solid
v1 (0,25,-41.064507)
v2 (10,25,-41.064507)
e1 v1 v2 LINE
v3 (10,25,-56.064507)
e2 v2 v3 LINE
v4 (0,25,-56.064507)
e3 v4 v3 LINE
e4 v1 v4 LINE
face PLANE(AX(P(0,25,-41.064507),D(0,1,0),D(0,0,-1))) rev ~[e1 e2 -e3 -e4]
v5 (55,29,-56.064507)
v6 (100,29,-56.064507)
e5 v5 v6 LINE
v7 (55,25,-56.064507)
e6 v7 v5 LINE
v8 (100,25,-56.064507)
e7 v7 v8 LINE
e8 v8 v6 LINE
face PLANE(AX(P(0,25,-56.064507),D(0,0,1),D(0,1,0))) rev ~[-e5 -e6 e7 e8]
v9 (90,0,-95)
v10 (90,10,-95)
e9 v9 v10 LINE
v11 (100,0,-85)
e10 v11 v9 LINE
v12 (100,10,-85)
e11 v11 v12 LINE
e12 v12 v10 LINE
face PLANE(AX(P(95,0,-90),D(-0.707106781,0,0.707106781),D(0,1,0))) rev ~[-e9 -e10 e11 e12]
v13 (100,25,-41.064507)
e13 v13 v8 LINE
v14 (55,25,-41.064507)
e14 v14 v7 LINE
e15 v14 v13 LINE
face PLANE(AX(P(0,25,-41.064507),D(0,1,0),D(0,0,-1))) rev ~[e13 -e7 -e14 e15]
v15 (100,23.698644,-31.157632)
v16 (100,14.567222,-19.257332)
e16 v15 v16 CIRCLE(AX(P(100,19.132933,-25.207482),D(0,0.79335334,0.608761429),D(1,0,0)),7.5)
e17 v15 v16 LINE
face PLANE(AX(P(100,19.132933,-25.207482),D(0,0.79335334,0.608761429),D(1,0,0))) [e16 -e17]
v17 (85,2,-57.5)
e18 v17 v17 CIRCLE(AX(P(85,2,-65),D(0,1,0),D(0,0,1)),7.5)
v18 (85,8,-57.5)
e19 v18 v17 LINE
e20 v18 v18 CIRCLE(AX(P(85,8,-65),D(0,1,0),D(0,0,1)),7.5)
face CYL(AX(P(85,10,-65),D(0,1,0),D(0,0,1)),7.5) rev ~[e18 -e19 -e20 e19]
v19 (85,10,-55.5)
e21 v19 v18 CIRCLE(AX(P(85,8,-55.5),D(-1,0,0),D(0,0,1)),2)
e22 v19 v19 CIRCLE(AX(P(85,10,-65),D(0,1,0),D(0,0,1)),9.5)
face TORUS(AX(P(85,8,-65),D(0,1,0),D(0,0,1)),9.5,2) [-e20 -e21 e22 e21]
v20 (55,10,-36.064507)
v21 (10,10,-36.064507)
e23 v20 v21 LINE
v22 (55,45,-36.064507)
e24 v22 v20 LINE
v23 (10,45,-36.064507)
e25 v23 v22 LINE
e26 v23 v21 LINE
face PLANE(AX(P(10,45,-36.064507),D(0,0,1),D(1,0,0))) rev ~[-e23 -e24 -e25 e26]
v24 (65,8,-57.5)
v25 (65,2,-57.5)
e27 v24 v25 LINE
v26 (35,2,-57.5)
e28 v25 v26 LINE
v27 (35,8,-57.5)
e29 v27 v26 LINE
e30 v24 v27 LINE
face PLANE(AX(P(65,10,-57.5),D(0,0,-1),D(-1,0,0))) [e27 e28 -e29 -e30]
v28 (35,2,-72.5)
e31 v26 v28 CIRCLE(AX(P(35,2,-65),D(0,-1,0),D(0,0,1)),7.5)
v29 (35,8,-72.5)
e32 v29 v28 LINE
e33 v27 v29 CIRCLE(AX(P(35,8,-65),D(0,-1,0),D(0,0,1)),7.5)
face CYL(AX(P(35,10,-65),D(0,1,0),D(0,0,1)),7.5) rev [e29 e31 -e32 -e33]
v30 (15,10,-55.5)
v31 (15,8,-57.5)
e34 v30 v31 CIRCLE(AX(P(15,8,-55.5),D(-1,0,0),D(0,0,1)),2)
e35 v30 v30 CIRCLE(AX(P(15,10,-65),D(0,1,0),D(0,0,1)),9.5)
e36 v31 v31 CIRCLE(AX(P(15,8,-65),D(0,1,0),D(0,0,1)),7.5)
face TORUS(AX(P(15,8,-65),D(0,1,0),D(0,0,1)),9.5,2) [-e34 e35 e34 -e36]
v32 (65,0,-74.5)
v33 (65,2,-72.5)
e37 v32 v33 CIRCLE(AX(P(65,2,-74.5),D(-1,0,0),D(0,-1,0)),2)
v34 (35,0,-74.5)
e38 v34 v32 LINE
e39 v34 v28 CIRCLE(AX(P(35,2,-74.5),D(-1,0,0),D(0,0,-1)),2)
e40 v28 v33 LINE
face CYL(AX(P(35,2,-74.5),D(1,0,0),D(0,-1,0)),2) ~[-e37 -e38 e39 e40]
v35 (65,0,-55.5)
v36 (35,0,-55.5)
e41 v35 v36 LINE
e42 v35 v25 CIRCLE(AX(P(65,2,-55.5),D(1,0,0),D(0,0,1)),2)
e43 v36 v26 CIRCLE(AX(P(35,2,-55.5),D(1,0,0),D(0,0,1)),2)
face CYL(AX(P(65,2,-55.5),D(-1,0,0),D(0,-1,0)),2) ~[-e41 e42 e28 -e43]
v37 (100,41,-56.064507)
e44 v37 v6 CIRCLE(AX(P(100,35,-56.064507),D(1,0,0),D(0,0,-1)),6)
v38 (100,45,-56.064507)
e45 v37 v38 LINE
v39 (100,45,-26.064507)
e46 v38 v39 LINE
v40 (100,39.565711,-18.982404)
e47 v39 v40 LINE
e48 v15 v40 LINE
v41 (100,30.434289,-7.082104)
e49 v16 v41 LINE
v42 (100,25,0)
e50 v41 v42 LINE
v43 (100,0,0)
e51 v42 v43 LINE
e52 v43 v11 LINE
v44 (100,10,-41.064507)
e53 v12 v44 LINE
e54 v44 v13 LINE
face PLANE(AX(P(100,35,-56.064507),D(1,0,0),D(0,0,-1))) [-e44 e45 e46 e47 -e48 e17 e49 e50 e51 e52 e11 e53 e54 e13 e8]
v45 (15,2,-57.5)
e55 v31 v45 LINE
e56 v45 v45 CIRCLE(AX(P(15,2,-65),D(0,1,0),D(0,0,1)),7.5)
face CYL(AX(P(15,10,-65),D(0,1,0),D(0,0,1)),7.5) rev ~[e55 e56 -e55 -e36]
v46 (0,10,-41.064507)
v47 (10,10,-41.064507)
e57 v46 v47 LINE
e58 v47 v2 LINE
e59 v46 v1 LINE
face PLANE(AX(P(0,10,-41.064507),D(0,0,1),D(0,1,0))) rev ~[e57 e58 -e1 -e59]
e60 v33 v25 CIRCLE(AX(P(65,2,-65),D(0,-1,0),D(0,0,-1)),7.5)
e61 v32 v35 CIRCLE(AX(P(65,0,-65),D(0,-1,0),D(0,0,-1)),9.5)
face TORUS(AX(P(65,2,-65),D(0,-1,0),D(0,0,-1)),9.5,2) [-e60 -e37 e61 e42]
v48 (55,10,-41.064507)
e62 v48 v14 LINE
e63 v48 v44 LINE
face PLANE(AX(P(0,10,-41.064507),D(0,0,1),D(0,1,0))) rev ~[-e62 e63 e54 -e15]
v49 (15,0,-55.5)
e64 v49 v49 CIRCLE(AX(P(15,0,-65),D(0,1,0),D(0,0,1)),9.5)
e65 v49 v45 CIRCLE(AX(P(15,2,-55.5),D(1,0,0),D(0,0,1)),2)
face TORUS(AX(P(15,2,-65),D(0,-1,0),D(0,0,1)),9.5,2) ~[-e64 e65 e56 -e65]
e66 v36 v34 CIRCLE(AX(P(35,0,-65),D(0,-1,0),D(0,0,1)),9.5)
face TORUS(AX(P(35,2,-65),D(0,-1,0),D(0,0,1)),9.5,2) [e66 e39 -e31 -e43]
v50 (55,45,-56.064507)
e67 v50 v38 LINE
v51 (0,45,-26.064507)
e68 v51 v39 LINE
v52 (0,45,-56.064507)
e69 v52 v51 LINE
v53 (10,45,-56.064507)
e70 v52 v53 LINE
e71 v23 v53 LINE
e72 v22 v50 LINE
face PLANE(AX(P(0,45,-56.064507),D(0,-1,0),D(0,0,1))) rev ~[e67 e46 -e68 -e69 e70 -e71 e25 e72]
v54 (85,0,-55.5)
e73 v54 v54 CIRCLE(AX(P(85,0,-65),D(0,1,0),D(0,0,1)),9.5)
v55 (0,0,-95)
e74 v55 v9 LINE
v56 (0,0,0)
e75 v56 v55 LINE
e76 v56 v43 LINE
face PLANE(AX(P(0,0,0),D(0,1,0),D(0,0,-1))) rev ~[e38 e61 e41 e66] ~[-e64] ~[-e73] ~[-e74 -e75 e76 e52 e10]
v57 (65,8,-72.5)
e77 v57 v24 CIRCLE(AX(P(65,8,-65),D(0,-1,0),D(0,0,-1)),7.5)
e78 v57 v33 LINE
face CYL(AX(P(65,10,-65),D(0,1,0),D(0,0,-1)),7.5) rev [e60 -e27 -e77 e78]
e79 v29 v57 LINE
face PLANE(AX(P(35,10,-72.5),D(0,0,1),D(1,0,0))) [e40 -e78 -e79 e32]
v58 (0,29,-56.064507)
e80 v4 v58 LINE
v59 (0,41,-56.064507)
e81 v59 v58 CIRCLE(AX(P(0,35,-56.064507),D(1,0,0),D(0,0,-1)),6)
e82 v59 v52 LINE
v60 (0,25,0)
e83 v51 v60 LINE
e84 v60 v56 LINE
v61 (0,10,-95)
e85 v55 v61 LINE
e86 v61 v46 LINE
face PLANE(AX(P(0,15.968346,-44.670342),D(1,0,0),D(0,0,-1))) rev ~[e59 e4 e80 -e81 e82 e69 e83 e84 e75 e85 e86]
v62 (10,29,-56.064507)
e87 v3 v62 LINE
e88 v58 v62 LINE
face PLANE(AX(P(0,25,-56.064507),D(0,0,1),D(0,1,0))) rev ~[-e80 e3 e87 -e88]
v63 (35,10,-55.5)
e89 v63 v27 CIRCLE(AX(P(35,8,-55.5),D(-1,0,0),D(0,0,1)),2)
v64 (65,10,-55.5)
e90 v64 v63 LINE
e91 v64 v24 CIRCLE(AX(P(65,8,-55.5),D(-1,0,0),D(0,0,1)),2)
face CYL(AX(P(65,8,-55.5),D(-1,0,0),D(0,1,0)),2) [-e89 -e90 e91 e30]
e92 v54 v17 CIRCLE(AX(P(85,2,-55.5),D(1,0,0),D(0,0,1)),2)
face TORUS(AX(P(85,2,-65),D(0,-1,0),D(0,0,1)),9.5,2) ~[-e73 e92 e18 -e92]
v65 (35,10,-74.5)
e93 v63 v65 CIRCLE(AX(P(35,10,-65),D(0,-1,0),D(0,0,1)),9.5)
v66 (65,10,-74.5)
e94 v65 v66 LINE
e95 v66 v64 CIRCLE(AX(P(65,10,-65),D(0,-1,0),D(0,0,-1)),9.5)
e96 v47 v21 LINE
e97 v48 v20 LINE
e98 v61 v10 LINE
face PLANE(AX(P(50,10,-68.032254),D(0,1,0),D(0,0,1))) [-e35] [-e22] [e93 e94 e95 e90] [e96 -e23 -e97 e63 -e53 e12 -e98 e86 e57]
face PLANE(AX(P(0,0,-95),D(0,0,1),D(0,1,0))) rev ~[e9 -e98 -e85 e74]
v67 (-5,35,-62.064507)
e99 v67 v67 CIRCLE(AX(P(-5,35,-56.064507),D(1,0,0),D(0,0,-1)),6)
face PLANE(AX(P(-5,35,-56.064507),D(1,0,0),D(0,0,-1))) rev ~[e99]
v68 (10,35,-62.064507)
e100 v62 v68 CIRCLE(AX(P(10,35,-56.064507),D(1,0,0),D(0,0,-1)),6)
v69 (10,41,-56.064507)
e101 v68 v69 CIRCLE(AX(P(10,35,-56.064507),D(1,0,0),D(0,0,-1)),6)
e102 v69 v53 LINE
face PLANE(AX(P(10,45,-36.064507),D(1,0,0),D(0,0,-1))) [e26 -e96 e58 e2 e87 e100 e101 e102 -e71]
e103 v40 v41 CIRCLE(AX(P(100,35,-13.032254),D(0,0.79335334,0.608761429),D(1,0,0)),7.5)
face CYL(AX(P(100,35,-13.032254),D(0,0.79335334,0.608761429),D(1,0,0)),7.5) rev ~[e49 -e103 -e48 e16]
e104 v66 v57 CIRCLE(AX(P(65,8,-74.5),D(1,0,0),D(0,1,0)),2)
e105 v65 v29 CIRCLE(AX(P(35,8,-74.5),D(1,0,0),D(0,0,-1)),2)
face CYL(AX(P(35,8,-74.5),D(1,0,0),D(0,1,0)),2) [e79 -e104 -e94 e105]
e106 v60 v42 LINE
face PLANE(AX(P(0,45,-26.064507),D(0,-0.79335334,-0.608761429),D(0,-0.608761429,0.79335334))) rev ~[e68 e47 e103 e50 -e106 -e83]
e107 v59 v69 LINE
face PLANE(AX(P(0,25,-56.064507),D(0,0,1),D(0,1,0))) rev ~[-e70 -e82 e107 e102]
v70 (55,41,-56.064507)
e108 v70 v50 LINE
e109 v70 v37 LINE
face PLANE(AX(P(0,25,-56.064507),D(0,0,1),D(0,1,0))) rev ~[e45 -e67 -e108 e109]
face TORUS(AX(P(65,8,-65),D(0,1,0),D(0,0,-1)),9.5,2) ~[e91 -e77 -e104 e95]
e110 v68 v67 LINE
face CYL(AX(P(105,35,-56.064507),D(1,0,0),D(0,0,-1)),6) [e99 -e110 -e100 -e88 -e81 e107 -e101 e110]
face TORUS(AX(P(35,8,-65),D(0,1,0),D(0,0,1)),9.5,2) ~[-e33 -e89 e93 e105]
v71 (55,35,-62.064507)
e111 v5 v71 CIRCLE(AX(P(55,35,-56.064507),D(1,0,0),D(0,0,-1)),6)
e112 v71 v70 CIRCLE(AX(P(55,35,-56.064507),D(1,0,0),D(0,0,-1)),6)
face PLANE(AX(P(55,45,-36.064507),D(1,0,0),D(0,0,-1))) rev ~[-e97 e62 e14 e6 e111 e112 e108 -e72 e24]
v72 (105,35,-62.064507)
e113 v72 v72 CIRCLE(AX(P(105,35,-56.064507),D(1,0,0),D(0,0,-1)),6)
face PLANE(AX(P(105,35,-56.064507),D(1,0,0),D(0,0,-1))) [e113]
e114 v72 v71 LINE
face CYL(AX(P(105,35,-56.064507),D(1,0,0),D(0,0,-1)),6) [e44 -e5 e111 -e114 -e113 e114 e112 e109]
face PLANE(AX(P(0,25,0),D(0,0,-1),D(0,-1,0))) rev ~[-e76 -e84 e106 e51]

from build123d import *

# Parameters (mm, degrees)
EXTRUDE_1_DEPTH     = 100
SKETCH_2_R          = 6
EXTRUDE_2_DEPTH     = 105
EXTRUDE_START       = 5
SKETCH_2_2_R        = 6
EXTRUDE_3_DEPTH     = 5
CUT_EXTRUDE_1_REACH = 150.577
SKETCH_4_W          = 45
SKETCH_4_H          = 26
SKETCH_6_R          = 7.5
CUT_EXTRUDE_4_DEPTH = 20
SKETCH_7_R          = 7.5
CUT_EXTRUDE_5_DEPTH = 10
FILLET_1_R          = 2
CHAMFER_1_SIZE      = 10


with BuildPart() as part:
    # 草图1 → 凸台-拉伸1 (new body)
    with BuildSketch(Plane(origin=(0, 0, 0), x_dir=(0, 0, -1), z_dir=(1, 0, 0))):
        Polygon((0, 0), (95, 0), (95, 10), (41.064507457, 10), (41.064507457, 25), (56.064507457, 25), (56.064507457, 45), (26.064507457, 45), (0, 25), align=None)
    extrude(amount=EXTRUDE_1_DEPTH)

    # 草图2 → 凸台-拉伸2 (add)
    with BuildSketch(Plane(origin=(100, 0, 0), x_dir=(0, 0, -1), z_dir=(1, 0, 0))):
        with Locations((56.064507457, 35)):
            Circle(SKETCH_2_R)
    extrude(amount=-EXTRUDE_2_DEPTH)

    # 草图2<2> → 凸台-拉伸3 (add)
    with BuildSketch(Plane(origin=(100, 0, 0), x_dir=(0, 0, -1), z_dir=(1, 0, 0)).offset(EXTRUDE_START)):
        with Locations((56.064507457, 35)):
            Circle(SKETCH_2_2_R)
    extrude(amount=-EXTRUDE_3_DEPTH)

    # 切除-拉伸1: up to this face of the body (flat: up to its plane)
    cut_extrude_1_end = Plane(part.part.faces().sort_by_distance((50, 10, -68.032253728))[0])
    # 草图4 → 切除-拉伸1 (cut, up to the picked face)
    with BuildSketch(Plane(origin=(0, 45, 0), x_dir=(1, 0, 0), z_dir=(0, 1, 0)), mode=Mode.PRIVATE) as cut_extrude_1_sk1:
        with Locations((32.5, 49.064507457)):
            Rectangle(SKETCH_4_W, SKETCH_4_H)
    cut_extrude_1_tool1 = split(extrude(cut_extrude_1_sk1.sketch, amount=-CUT_EXTRUDE_1_REACH, mode=Mode.PRIVATE), bisect_by=cut_extrude_1_end, keep=Keep.BOTH, mode=Mode.PRIVATE)
    add(cut_extrude_1_tool1.solids().sort_by(Axis((32.5, 45, -49.064507), (0, -1, 0)))[0], mode=Mode.SUBTRACT)

    # 草图6 → 切除-拉伸4 (cut)
    with BuildSketch(Plane(origin=(0, 15.735238064, 12.074072829), x_dir=(1, 0, 0), z_dir=(0, 0.7933533402912367, 0.6087614290087189))):
        with Locations((100, 31.645832042)):
            Circle(SKETCH_6_R)
    extrude(amount=-CUT_EXTRUDE_4_DEPTH, mode=Mode.SUBTRACT)

    # 草图7 → 切除-拉伸5 (cut)
    with BuildSketch(Plane(origin=(0, 10, 0), x_dir=(1, 0, 0), z_dir=(0, 1, 0))):
        with Locations(Location((15, 65, 0), (0, 0, 270))):
            Circle(SKETCH_7_R)
        with Locations(Location((85, 65, 0), (0, 0, 270))):
            Circle(SKETCH_7_R)
        with BuildLine():
            Line((35, 72.5), (65, 72.5))
            ThreePointArc((65, 72.5), (72.5, 65), (65, 57.5))
            Line((65, 57.5), (35, 57.5))
            ThreePointArc((35, 57.5), (27.5, 65), (35, 72.5))
        make_face()
    extrude(amount=-CUT_EXTRUDE_5_DEPTH, mode=Mode.SUBTRACT)

    # 圆角1
    fillet_1_edges = [part.edges().sort_by_distance(p)[0] for p in [
        (15, 10, -72.5),
        (15, 0, -72.5),
        (85, 10, -72.5),
        (85, 0, -72.5),
        (27.5, 10, -65),
        (50, 10, -57.5),
        (72.5, 10, -65),
        (50, 10, -72.5),
        (27.5, 0, -65),
        (50, 0, -72.5),
        (72.5, 0, -65),
        (50, 0, -57.5),
    ]]
    fillet(fillet_1_edges, radius=FILLET_1_R)

    # 倒角1
    chamfer_1_edges = [part.edges().sort_by_distance(p)[0] for p in [
        (100, 5, -95),
    ]]
    chamfer(chamfer_1_edges, length=CHAMFER_1_SIZE)


solid = part.part
